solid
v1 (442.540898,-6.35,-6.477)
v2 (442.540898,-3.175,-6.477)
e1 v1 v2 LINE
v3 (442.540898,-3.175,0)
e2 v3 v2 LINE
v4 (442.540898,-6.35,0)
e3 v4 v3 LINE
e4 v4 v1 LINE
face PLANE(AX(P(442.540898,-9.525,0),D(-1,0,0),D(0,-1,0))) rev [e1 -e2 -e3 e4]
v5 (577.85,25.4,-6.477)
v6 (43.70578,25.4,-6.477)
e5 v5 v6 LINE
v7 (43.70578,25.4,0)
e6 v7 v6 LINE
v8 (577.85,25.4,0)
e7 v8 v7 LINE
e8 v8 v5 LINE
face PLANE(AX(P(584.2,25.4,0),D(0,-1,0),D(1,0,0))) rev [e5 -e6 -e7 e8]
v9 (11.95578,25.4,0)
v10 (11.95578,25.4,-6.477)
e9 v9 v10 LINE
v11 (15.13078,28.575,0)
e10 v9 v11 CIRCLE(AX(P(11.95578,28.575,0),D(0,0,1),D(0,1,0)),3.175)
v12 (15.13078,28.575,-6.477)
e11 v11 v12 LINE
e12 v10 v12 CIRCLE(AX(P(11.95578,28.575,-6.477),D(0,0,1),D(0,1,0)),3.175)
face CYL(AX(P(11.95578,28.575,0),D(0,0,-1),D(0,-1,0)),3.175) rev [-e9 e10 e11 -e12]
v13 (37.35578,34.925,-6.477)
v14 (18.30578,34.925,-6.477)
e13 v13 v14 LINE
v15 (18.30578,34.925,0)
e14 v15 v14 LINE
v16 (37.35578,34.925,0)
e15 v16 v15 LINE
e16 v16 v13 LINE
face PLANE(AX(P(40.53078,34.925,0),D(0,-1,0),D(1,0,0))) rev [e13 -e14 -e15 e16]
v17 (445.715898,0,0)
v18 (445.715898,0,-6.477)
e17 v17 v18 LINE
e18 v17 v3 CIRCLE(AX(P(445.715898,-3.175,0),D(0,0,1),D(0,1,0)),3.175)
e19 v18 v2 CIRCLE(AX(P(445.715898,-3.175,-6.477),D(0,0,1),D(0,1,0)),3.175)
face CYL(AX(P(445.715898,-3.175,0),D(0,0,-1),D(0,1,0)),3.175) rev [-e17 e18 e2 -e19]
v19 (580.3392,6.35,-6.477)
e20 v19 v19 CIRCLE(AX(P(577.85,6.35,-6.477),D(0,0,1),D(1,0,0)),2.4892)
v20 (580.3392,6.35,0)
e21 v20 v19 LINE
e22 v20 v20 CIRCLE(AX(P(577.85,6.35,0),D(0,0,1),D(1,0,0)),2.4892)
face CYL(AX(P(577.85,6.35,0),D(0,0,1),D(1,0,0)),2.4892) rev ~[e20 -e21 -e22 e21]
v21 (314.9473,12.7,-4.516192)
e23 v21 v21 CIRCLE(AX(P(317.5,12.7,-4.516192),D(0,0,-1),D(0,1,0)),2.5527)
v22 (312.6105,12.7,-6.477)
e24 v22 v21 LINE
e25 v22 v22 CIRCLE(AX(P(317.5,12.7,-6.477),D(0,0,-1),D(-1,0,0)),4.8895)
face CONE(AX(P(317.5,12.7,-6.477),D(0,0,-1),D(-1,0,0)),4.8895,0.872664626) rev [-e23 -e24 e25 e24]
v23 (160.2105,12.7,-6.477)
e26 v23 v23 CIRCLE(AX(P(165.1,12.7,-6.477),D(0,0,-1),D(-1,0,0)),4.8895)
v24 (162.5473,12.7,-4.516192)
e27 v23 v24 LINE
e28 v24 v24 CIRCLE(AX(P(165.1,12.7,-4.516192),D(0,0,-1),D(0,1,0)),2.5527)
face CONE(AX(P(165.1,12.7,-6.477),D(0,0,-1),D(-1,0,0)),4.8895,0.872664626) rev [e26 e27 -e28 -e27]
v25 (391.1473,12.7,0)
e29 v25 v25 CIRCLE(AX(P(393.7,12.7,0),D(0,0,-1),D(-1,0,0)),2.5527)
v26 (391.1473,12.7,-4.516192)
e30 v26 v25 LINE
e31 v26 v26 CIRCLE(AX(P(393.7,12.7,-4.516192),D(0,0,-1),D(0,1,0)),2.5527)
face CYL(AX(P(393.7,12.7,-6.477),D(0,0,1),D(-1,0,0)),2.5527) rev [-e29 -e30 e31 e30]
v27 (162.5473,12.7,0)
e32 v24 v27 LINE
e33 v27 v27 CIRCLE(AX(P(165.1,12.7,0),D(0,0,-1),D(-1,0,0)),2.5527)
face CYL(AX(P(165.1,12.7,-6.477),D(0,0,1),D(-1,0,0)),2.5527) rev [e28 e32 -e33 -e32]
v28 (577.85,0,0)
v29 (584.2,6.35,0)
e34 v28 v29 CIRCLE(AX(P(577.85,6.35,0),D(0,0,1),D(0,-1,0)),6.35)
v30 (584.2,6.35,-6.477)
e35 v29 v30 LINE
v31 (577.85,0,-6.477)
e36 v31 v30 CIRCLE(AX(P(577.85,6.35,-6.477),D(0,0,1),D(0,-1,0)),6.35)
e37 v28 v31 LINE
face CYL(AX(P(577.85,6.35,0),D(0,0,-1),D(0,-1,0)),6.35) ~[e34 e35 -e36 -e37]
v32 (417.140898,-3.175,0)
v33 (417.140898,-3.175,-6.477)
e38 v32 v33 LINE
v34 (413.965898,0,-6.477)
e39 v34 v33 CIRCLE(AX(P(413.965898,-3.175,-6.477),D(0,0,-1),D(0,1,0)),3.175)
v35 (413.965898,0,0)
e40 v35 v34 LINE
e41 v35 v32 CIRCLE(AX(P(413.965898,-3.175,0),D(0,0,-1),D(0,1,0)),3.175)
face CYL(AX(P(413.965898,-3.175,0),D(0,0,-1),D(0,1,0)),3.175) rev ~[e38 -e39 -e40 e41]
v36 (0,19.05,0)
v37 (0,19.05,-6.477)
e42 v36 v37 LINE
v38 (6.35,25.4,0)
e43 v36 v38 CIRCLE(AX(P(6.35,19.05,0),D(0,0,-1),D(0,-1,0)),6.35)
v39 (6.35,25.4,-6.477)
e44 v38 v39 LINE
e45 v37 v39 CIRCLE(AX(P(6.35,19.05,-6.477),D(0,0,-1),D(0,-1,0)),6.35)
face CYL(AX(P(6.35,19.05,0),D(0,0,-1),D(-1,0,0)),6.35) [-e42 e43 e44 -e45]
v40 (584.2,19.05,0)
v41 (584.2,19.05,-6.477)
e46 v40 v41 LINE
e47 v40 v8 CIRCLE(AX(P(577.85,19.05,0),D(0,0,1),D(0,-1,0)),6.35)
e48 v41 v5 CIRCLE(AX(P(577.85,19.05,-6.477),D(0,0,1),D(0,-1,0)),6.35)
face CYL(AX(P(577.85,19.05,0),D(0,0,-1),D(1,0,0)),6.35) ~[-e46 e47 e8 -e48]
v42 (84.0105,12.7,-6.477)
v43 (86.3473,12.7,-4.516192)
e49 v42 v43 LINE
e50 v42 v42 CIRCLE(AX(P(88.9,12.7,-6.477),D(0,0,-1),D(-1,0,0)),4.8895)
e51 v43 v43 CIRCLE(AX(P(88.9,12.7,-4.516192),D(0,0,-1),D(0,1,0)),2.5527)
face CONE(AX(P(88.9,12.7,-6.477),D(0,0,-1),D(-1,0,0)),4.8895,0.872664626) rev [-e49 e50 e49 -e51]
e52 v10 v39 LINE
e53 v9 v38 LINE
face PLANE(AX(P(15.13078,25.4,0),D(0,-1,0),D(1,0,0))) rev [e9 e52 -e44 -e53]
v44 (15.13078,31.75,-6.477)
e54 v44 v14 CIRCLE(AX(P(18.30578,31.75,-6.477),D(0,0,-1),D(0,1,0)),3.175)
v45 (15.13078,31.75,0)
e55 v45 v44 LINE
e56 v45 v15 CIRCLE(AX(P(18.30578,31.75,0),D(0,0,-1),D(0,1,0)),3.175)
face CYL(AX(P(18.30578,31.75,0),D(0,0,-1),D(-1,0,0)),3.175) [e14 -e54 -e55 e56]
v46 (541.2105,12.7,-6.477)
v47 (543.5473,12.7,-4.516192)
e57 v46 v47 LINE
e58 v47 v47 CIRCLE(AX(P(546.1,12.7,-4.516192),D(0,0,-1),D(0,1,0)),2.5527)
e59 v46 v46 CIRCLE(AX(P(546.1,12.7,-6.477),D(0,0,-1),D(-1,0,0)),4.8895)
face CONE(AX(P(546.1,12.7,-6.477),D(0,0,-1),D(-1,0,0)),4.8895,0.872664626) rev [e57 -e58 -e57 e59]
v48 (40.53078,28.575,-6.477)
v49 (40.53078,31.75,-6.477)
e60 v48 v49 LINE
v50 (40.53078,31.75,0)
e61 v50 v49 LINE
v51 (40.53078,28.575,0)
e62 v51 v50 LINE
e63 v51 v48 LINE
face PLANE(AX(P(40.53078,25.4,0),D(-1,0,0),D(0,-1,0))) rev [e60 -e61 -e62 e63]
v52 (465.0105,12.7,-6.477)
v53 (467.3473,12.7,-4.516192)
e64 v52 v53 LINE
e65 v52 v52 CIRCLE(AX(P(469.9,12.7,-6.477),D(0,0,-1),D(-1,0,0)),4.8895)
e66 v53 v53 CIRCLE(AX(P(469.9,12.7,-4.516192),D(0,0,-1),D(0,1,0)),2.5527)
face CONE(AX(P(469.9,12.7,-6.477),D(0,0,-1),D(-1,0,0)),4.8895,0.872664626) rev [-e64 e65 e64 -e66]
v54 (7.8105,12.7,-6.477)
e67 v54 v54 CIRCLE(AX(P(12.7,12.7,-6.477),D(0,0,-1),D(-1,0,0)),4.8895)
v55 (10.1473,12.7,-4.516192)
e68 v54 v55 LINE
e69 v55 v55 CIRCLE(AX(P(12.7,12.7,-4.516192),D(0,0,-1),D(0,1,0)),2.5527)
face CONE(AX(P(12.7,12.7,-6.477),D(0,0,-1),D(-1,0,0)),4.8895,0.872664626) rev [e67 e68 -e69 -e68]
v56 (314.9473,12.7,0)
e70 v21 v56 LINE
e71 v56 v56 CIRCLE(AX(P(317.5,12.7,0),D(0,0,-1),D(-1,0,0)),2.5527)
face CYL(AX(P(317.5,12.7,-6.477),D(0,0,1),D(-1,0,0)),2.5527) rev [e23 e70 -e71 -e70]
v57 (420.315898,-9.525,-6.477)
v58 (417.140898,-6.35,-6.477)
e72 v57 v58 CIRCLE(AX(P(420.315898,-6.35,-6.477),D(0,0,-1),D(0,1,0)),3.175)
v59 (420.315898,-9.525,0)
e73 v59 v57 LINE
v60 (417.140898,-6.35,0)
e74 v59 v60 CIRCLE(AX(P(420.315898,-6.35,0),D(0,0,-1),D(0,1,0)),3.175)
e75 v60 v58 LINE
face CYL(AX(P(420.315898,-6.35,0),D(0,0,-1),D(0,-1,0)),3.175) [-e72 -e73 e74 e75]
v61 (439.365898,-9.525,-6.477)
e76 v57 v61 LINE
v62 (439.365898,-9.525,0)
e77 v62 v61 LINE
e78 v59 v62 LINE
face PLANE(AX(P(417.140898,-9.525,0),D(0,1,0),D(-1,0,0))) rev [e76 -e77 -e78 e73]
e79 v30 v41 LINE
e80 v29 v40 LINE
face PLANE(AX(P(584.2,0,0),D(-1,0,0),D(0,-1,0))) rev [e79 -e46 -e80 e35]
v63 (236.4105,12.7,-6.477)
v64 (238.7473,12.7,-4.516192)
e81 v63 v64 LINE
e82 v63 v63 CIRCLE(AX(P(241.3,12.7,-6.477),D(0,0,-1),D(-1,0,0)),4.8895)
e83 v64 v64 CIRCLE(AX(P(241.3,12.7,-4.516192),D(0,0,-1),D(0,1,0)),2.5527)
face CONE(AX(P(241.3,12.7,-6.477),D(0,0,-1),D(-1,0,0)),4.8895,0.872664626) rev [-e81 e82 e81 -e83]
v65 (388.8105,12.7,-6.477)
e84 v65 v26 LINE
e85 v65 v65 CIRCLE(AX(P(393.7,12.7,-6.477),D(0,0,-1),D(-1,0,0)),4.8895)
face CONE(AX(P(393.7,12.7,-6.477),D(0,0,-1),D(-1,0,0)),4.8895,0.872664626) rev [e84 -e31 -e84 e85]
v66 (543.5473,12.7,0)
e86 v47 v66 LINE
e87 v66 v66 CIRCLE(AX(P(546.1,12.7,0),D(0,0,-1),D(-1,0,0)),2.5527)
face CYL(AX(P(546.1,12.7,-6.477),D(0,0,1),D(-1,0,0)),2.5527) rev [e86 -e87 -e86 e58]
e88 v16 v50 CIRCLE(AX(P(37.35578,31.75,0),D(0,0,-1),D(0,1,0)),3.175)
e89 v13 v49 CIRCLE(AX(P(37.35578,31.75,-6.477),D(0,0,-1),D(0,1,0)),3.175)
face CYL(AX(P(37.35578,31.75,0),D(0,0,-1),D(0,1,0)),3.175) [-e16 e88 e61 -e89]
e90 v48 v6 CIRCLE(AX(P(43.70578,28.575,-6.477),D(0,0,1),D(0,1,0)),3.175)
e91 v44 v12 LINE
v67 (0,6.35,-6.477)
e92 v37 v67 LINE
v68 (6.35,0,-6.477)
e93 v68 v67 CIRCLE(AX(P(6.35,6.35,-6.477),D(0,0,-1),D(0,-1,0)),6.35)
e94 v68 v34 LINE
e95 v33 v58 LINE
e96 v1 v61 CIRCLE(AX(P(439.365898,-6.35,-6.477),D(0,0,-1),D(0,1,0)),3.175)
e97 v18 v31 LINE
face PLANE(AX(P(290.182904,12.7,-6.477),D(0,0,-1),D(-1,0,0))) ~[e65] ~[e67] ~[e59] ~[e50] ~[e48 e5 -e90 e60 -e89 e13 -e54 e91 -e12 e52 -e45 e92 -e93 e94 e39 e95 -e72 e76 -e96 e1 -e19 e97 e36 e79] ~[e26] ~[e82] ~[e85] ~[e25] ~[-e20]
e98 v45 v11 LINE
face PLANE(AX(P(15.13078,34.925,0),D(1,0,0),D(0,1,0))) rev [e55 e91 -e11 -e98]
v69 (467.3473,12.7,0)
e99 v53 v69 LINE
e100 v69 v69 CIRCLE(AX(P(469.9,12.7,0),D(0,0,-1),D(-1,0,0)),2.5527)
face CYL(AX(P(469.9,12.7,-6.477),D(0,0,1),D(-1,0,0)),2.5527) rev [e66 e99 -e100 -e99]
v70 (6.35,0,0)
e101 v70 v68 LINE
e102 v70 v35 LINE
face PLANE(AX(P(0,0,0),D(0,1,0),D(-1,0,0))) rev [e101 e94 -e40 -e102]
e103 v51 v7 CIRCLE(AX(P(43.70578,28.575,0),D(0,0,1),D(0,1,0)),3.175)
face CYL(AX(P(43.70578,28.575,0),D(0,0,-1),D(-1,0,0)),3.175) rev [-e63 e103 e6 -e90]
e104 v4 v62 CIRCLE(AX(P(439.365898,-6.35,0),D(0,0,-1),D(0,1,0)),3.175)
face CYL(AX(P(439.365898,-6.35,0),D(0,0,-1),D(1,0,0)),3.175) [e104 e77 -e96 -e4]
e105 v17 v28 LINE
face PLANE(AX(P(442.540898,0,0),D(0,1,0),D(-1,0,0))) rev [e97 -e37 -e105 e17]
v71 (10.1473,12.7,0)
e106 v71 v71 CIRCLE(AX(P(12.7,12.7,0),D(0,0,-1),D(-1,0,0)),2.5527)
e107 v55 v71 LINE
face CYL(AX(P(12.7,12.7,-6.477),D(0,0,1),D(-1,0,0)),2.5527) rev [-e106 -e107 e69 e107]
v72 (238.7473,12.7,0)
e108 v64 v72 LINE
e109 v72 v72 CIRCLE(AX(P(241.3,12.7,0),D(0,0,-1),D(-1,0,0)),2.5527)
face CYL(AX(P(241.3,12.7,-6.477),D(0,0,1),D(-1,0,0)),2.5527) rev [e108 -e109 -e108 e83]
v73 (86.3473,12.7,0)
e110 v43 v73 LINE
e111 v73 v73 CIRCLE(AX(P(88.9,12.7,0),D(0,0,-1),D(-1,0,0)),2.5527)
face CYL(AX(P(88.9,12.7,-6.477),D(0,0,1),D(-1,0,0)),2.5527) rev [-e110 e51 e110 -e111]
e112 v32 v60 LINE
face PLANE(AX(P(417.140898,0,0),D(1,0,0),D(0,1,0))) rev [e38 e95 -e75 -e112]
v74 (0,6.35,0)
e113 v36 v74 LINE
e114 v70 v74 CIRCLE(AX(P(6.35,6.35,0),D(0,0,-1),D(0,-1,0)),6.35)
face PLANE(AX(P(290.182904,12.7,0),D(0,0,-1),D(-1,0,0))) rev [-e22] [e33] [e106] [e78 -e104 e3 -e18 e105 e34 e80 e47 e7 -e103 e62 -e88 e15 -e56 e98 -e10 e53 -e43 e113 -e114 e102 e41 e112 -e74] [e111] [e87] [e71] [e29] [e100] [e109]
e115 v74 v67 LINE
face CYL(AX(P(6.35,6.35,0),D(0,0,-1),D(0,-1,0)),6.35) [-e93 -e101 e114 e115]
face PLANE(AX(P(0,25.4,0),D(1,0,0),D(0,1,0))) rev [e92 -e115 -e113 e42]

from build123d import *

# Parameters (mm, degrees)
SKETCH1_R                                          = 2.4892
BOSS_EXTRUDE1_DEPTH                                = 6.477
FILLET2_R                                          = 6.35
CSK_FOR_10_FLAT_HEAD_MACHINE_SCREW_100_D           = 5.1054
CSK_FOR_10_FLAT_HEAD_MACHINE_SCREW_100_CSINK_D     = 9.779
CSK_FOR_10_FLAT_HEAD_MACHINE_SCREW_100_CSINK_ANGLE = 100
LPATTERN1_COUNT                                    = 8
LPATTERN1_PITCH                                    = 76.2
FILLET3_R                                          = 3.175


with BuildPart() as part:
    # Sketch1 → Boss-Extrude1 (new body)
    with BuildSketch(Plane.XY):
        Polygon((0, 0), (40.53078, 0), (417.140898, 0), (417.140898, -9.525), (442.540898, -9.525), (442.540898, 0), (584.2, 0), (584.2, 25.4), (40.53078, 25.4), (40.53078, 34.925), (15.13078, 34.925), (15.13078, 25.4), (0, 25.4), align=None)
        with Locations((577.85, 6.35)):
            Circle(SKETCH1_R, mode=Mode.SUBTRACT)
    extrude(amount=BOSS_EXTRUDE1_DEPTH)

    # Fillet2
    fillet2_edges = [part.edges().sort_by_distance(p)[0] for p in [
        (0, 0, 3.2385),
        (0, 25.4, 3.2385),
        (584.2, 25.4, 3.2385),
        (584.2, 0, 3.2385),
    ]]
    fillet(fillet2_edges, radius=FILLET2_R)

    # CSK for #10 Flat Head Machine Screw (100)1 (through all)
    with Locations(Plane.XY.offset(6.477)):
        with Locations((546.1, 12.7)):
            csk_for_10_flat_head_machine_screw_100 = CounterSinkHole(CSK_FOR_10_FLAT_HEAD_MACHINE_SCREW_100_D / 2, CSK_FOR_10_FLAT_HEAD_MACHINE_SCREW_100_CSINK_D / 2, counter_sink_angle=CSK_FOR_10_FLAT_HEAD_MACHINE_SCREW_100_CSINK_ANGLE)

    # LPattern1: CSK for #10 Flat Head Machine Screw (100)1 ×8
    with Locations(*[(-i * LPATTERN1_PITCH, 0, 0) for i in range(1, LPATTERN1_COUNT)]):
        add(csk_for_10_flat_head_machine_screw_100, mode=Mode.SUBTRACT)


with BuildPart() as body_2:
    # Mirror2: mirrored copy
    add(part.part.mirror(Plane.XY))

    # Fillet3
    fillet3_edges = [body_2.edges().sort_by_distance(p)[0] for p in [
        (442.540898, -9.525, -3.2385),
        (417.140898, -9.525, -3.2385),
        (417.140898, 0, -3.2385),
        (15.13078, 25.4, -3.2385),
        (15.13078, 34.925, -3.2385),
        (40.53078, 34.925, -3.2385),
        (40.53078, 25.4, -3.2385),
        (442.540898, 0, -3.2385),
    ]]
    fillet(fillet3_edges, radius=FILLET3_R)


solid = body_2.part
